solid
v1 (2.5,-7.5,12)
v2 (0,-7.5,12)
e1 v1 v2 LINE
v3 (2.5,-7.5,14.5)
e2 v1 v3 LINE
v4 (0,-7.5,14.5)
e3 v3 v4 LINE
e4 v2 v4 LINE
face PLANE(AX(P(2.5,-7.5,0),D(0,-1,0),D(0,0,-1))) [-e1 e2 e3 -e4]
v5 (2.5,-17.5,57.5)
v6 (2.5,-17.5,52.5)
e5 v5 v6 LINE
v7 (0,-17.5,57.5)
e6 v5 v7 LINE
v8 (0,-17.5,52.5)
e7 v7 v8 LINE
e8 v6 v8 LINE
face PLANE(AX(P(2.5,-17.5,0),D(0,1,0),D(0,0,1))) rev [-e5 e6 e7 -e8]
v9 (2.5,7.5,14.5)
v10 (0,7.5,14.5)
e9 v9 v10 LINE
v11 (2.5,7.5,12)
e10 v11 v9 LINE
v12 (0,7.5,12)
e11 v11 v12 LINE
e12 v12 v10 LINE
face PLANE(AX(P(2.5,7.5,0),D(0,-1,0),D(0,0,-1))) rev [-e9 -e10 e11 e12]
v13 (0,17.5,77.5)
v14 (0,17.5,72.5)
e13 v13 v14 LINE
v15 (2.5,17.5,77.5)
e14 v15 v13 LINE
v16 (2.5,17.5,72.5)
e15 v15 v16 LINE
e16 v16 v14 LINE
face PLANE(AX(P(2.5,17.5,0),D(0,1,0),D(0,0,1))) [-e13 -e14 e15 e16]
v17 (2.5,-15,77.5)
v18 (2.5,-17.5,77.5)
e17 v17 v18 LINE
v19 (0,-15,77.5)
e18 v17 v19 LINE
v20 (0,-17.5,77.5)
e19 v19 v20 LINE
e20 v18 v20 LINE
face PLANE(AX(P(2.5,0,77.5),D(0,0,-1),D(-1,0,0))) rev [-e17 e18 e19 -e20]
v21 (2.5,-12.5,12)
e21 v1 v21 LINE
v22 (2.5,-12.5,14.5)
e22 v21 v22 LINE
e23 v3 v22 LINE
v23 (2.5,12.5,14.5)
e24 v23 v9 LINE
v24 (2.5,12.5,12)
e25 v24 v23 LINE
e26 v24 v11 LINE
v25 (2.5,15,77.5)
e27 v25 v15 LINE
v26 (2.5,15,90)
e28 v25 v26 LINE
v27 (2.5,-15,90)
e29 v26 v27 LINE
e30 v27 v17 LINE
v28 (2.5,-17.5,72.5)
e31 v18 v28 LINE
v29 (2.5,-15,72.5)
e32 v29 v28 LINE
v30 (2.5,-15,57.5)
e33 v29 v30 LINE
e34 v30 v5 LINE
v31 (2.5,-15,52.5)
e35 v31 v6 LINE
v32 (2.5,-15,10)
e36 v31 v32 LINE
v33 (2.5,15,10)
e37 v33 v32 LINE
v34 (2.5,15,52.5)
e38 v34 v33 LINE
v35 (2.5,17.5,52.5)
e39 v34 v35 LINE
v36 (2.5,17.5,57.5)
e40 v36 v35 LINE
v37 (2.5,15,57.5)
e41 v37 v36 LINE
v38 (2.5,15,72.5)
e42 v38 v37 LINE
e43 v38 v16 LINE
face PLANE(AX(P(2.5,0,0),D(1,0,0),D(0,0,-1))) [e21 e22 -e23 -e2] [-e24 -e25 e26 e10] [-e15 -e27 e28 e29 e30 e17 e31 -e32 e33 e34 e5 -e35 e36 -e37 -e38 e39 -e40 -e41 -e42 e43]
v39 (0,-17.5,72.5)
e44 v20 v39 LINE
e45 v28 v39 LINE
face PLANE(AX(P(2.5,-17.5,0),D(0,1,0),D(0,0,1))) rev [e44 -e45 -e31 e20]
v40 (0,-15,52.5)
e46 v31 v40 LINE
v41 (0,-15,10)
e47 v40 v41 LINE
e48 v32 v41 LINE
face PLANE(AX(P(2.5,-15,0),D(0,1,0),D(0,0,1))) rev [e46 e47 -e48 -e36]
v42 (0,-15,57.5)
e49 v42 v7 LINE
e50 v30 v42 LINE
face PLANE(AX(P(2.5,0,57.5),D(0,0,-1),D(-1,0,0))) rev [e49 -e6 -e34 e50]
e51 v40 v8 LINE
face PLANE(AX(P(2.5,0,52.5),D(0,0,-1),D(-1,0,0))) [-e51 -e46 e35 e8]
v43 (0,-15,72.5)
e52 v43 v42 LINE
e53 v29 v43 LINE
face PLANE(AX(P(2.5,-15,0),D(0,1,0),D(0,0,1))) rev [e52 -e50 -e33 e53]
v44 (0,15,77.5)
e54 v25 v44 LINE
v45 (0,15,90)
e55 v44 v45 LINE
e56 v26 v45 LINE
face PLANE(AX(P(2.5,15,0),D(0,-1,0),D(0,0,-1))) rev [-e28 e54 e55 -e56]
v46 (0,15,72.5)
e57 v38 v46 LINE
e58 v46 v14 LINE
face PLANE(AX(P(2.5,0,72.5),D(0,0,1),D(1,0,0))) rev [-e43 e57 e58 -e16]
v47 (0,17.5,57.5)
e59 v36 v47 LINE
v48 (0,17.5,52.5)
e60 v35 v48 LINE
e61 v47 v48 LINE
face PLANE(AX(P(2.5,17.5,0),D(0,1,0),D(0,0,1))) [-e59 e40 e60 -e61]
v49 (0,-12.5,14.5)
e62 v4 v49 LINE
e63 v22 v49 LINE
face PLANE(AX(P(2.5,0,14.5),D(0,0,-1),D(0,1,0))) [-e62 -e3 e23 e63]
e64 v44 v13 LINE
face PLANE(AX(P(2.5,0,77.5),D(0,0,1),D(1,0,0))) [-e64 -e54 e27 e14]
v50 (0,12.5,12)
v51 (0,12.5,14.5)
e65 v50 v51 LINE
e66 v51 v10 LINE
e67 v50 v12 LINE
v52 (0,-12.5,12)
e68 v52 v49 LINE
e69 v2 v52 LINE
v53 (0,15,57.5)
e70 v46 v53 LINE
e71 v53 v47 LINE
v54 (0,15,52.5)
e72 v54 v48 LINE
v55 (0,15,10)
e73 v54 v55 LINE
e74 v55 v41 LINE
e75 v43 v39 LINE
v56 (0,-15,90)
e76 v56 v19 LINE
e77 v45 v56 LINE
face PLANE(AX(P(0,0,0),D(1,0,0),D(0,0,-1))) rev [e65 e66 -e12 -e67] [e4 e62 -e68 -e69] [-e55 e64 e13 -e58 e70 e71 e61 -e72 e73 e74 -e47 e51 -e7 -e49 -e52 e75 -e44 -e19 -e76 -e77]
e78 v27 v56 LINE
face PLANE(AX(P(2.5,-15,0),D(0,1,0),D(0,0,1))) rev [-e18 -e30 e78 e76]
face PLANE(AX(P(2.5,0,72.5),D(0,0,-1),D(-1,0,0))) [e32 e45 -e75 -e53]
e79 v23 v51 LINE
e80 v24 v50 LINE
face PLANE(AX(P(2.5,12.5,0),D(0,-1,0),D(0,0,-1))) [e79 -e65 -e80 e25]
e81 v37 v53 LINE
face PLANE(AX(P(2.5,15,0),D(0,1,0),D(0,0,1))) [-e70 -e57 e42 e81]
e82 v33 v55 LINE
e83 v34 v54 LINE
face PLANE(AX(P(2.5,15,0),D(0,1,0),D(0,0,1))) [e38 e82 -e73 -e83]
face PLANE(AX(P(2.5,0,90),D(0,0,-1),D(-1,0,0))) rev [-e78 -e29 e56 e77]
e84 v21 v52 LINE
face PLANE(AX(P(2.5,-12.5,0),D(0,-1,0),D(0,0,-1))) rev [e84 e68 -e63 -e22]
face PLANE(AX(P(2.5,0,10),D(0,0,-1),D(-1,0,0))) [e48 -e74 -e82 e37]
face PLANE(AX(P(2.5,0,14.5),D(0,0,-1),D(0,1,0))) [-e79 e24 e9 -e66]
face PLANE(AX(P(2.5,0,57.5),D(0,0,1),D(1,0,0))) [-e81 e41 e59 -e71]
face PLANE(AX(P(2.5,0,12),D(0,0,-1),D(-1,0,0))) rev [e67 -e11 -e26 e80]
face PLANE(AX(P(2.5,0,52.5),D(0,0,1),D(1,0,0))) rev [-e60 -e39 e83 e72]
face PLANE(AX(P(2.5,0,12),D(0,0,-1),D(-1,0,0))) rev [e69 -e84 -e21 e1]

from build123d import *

# Parameters (mm, degrees)
SKETCH1_3_W         = 2.5
SKETCH1_3_H         = 5
BOSS_EXTRUDE2_DEPTH = 2.5


with BuildPart() as part:
    # Sketch1<3> → Boss-Extrude2 (new body)
    with BuildSketch(Plane(origin=(0, 0, 0), x_dir=(0, 0, -1), z_dir=(1, 0, 0))):
        Polygon((-57.5, 17.5), (-57.5, 15), (-72.5, 15), (-72.5, 17.5), (-77.5, 17.5), (-77.5, 15), (-90, 15), (-90, -15), (-77.5, -15), (-77.5, -17.5), (-72.5, -17.5), (-72.5, -15), (-57.5, -15), (-57.5, -17.5), (-52.5, -17.5), (-52.5, -15), (-10, -15), (-10, 15), (-52.5, 15), (-52.5, 17.5), align=None)
        with Locations((-13.25, 10)):
            Rectangle(SKETCH1_3_W, SKETCH1_3_H, mode=Mode.SUBTRACT)
        with Locations((-13.25, -10)):
            Rectangle(SKETCH1_3_W, SKETCH1_3_H, mode=Mode.SUBTRACT)
    extrude(amount=BOSS_EXTRUDE2_DEPTH)


solid = part.part
